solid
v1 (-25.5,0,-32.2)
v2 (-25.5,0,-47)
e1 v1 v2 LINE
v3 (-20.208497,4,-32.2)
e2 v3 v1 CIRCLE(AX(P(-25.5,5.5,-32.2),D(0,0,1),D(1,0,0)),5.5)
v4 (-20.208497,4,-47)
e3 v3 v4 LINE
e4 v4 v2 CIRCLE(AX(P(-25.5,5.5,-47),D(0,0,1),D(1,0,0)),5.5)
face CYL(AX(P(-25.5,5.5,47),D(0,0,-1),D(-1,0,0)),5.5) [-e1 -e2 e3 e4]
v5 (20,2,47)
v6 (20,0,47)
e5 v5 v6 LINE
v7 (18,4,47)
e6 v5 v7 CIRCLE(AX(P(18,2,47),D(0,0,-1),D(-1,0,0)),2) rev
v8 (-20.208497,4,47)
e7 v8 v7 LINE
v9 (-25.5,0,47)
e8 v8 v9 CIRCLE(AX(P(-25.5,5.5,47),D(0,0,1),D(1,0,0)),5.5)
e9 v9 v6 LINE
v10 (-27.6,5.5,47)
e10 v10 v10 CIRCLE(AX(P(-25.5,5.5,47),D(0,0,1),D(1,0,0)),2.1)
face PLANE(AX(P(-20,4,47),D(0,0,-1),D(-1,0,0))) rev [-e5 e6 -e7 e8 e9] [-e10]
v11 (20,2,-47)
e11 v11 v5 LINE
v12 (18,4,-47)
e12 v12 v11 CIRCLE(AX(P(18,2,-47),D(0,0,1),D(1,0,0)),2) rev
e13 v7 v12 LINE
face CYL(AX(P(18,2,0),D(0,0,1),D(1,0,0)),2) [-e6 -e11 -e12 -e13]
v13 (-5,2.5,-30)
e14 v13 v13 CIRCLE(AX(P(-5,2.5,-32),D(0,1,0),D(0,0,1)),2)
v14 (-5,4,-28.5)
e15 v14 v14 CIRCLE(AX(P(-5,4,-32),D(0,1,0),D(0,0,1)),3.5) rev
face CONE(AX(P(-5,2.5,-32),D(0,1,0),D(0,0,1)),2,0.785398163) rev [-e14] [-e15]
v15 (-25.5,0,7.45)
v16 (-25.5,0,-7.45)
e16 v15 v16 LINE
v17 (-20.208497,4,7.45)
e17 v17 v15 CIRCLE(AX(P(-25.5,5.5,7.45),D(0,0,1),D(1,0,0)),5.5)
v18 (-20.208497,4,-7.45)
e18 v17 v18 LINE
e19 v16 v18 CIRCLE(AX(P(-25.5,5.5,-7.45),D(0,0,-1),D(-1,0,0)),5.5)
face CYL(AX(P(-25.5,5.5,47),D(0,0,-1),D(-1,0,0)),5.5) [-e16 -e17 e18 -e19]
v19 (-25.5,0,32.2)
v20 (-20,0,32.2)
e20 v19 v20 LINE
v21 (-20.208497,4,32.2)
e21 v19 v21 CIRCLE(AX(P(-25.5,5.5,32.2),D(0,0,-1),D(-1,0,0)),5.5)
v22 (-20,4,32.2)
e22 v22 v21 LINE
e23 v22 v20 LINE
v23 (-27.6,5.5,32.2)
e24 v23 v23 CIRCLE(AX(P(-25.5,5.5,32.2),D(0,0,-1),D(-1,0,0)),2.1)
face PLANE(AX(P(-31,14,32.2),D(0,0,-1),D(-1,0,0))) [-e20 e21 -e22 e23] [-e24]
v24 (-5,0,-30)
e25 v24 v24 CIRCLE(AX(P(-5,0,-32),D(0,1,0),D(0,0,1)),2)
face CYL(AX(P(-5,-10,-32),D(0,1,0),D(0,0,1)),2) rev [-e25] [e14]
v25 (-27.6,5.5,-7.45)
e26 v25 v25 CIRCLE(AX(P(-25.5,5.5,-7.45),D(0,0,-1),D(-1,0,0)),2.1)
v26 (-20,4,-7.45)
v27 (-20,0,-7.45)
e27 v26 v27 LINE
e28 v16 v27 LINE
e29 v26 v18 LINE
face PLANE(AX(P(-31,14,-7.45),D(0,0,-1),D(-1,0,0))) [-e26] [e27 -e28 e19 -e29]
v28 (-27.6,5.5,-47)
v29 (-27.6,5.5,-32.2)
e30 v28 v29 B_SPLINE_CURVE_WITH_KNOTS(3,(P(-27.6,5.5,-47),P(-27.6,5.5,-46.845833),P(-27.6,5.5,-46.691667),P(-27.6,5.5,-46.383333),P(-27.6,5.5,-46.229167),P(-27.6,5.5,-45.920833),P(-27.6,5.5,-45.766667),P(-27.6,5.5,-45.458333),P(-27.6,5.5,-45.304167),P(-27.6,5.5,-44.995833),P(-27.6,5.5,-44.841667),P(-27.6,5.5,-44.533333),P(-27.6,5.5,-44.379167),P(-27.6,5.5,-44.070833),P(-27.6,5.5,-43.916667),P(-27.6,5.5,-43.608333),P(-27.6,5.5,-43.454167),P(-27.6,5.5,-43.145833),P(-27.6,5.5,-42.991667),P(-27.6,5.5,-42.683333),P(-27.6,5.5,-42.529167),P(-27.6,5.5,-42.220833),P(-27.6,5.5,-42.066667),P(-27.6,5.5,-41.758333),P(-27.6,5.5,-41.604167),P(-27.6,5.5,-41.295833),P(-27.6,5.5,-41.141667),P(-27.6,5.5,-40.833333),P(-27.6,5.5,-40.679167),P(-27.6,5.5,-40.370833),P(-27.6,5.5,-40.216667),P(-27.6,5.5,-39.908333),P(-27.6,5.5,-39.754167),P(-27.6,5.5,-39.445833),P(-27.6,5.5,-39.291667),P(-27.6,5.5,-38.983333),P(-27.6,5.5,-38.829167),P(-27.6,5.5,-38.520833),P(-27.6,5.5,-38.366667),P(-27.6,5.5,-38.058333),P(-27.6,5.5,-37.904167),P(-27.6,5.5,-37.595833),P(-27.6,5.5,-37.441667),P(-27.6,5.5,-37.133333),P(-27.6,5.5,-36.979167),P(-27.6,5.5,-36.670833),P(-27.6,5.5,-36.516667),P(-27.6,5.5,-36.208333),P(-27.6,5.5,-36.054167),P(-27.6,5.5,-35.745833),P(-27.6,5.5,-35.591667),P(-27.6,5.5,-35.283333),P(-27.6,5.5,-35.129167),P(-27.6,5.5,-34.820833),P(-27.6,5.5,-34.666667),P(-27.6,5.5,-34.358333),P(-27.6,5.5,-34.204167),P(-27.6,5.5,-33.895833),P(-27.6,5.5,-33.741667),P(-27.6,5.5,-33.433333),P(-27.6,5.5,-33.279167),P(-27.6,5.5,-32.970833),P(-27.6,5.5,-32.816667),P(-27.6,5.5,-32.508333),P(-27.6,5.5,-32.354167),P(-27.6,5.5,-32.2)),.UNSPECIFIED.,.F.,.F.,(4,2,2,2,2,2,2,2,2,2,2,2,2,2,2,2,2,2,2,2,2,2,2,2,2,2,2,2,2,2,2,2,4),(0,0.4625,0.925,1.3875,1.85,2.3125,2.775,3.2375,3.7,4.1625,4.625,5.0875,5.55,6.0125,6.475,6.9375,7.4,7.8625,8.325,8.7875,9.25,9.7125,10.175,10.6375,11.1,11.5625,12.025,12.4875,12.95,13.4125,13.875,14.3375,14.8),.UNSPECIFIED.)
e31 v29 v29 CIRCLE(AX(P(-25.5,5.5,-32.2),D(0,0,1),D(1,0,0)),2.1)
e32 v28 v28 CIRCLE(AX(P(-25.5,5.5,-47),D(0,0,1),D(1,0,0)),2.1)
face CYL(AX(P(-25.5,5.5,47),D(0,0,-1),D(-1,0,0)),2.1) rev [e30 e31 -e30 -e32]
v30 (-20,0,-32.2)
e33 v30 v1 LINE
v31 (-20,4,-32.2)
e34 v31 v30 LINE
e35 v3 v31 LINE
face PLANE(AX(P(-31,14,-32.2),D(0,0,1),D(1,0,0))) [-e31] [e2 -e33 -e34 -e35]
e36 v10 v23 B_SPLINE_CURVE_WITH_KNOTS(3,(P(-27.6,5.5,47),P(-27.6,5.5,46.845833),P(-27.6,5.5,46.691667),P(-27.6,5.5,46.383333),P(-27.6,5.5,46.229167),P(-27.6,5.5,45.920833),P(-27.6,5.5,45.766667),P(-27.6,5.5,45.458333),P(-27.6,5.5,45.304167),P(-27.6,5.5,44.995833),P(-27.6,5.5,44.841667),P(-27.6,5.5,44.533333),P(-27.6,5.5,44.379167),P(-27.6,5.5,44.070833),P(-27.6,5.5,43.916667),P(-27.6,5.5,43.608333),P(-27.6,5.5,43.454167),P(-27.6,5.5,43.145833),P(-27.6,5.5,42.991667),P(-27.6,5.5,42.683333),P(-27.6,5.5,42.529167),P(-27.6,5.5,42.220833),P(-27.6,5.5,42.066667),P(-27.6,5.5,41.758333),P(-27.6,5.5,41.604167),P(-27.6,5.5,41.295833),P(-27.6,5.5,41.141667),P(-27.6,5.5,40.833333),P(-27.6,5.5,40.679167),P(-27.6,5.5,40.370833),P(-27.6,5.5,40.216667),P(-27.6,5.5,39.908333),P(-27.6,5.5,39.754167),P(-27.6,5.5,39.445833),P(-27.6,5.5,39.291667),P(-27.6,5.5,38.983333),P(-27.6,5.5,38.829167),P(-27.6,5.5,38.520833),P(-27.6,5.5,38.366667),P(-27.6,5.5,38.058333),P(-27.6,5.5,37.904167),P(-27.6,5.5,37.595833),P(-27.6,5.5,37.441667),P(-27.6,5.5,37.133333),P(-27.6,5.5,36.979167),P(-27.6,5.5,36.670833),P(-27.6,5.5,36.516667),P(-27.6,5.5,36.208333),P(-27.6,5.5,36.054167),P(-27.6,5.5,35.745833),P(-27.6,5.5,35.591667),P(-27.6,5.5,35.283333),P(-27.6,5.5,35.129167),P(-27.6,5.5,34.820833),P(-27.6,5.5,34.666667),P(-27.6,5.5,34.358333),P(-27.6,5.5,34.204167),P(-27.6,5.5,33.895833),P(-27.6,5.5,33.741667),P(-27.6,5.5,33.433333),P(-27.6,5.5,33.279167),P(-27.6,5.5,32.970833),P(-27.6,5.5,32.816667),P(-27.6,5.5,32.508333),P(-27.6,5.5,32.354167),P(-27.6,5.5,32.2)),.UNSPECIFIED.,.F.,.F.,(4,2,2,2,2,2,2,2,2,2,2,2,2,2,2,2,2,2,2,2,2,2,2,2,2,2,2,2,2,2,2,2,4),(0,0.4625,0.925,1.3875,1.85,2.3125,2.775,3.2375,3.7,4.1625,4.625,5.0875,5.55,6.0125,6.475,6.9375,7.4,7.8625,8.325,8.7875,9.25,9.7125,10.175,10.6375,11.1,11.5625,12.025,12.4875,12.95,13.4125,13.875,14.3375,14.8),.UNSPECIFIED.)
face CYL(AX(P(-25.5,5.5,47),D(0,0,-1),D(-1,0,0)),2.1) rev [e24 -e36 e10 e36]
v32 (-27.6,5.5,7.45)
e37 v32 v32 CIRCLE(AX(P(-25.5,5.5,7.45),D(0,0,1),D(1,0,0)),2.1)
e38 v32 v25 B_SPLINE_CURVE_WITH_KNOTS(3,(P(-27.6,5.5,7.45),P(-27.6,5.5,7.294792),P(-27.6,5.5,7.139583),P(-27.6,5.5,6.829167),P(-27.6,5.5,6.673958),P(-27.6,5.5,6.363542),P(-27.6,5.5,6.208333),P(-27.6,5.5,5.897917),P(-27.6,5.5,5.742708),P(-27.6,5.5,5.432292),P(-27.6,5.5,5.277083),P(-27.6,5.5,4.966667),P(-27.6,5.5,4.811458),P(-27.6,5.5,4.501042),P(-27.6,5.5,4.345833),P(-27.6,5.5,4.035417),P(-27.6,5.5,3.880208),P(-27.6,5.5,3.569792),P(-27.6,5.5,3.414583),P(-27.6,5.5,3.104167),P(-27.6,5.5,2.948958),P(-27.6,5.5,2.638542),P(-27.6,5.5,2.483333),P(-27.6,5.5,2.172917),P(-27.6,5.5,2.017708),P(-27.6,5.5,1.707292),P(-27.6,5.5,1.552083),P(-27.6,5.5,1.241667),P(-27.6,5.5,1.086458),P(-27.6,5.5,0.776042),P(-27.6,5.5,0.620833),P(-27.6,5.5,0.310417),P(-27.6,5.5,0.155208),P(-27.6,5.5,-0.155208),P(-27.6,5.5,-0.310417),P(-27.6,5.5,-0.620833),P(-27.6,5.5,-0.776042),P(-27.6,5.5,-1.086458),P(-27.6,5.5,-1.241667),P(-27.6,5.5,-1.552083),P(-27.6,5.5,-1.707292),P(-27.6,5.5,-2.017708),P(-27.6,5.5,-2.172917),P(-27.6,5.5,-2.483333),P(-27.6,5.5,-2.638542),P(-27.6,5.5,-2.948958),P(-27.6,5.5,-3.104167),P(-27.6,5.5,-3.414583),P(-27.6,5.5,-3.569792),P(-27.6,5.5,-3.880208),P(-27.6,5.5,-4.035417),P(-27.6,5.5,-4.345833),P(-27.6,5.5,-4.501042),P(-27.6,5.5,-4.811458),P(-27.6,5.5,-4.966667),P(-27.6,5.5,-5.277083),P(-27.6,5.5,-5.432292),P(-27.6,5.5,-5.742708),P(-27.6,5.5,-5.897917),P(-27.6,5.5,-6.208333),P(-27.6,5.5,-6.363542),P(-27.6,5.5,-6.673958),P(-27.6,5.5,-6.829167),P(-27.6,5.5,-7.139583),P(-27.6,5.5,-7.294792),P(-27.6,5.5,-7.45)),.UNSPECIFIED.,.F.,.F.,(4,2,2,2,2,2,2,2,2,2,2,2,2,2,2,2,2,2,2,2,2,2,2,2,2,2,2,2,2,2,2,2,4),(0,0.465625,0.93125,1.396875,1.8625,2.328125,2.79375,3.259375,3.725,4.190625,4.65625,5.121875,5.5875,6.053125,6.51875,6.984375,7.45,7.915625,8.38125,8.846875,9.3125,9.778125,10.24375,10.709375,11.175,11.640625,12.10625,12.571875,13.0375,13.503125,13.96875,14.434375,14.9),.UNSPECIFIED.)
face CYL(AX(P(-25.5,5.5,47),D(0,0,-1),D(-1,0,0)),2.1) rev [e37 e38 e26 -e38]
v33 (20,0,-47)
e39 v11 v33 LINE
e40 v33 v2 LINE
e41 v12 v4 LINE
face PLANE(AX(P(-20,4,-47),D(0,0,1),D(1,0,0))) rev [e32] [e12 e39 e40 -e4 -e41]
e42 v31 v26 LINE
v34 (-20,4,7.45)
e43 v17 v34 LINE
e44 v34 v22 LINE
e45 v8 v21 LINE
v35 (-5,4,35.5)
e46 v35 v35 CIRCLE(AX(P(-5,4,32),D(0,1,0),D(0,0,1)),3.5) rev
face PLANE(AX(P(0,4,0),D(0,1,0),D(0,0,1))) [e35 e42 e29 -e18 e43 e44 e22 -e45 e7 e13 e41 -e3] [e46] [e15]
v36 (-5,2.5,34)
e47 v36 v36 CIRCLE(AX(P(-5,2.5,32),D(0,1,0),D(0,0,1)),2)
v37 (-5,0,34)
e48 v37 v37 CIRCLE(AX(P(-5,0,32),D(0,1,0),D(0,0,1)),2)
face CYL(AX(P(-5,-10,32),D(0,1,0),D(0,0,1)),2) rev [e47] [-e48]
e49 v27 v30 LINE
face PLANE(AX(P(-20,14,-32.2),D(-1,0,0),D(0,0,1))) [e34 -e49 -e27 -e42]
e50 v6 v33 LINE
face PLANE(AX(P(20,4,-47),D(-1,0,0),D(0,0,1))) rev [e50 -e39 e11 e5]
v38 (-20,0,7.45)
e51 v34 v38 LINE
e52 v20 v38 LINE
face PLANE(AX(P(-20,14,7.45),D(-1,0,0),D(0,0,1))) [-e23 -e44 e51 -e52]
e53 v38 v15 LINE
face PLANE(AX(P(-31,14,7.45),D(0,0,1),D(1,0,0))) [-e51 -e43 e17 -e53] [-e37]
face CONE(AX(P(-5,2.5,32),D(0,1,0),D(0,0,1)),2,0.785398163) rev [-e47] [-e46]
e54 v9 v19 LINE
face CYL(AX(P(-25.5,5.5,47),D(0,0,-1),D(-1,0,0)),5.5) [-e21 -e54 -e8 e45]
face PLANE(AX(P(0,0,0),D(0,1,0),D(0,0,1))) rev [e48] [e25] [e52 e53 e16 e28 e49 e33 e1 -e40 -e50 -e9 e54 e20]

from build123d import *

# Parameters (mm, degrees)
SKETCH_1_W           = 40
SKETCH_1_H           = 94
EXTRUDE_1_DEPTH      = 4
EXTRUDE_2_DEPTH      = 47
EXTRUDE_2_DEPTH_BACK = 47
SKETCH_2_R           = 2.1
SKETCH_3_W           = 11
SKETCH_3_H           = 24.75
CUT_EXTRUDE_1_DEPTH  = 14
SKETCH_4_R           = 2
CUT_EXTRUDE_2_DEPTH  = 14
CHAMFER_2_SIZE       = 1.5
FILLET_1_R           = 2


with BuildPart() as part:
    # Эскиз1 → Бобышка-Вытянуть1 (new body)
    with BuildSketch(Plane(origin=(0, 0, 0), x_dir=(1, 0, 0), z_dir=(0, 1, 0))):
        Rectangle(SKETCH_1_W, SKETCH_1_H)
    extrude(amount=EXTRUDE_1_DEPTH)

    # Эскиз2 → Бобышка-Вытянуть2 (add, two sides: drawn at the far end of the back side and taken through both)
    with BuildSketch(Plane.XY.offset(-EXTRUDE_2_DEPTH_BACK)):
        with BuildLine():
            Line((-20, 0), (-25.5, 0))
            ThreePointArc((-25.5, 0), (-28.81662479, 9.887482194), (-20.208497378, 4))
            Line((-20.208497378, 4), (-20, 4))
            Line((-20, 4), (-20, 0))
        make_face()
        with Locations(Location((-25.5, 5.5, 0), (0, 0, 180))):
            Circle(SKETCH_2_R, mode=Mode.SUBTRACT)
    extrude(amount=EXTRUDE_2_DEPTH + EXTRUDE_2_DEPTH_BACK)

    # Эскиз3 → Вырез-Вытянуть1 (cut)
    with BuildSketch(Plane(origin=(0, 0, 0), x_dir=(1, 0, 0), z_dir=(0, 1, 0))):
        with Locations((-25.5, 19.825)):
            Rectangle(SKETCH_3_W, SKETCH_3_H)
        with Locations((-25.5, -19.825)):
            Rectangle(SKETCH_3_W, SKETCH_3_H)
    extrude(amount=CUT_EXTRUDE_1_DEPTH, mode=Mode.SUBTRACT)

    # Эскиз4 → Вырез-Вытянуть2 (cut)
    with BuildSketch(Plane(origin=(0, 4, 0), x_dir=(1, 0, 0), z_dir=(0, 1, 0))):
        with Locations(Location((-5, 32, 0), (0, 0, 270))):
            Circle(SKETCH_4_R)
        with Locations(Location((-5, -32, 0), (0, 0, 270))):
            Circle(SKETCH_4_R)
    extrude(amount=-CUT_EXTRUDE_2_DEPTH, mode=Mode.SUBTRACT)

    # Фаска2
    chamfer_2_edges = [part.edges().sort_by_distance(p)[0] for p in [
        (-5, 4, -34),
        (-5, 4, 30),
    ]]
    chamfer(chamfer_2_edges, length=CHAMFER_2_SIZE)

    # Скругление1
    fillet_1_edges = [part.edges().sort_by_distance(p)[0] for p in [
        (20, 4, 0),
    ]]
    fillet(fillet_1_edges, radius=FILLET_1_R)


solid = part.part
